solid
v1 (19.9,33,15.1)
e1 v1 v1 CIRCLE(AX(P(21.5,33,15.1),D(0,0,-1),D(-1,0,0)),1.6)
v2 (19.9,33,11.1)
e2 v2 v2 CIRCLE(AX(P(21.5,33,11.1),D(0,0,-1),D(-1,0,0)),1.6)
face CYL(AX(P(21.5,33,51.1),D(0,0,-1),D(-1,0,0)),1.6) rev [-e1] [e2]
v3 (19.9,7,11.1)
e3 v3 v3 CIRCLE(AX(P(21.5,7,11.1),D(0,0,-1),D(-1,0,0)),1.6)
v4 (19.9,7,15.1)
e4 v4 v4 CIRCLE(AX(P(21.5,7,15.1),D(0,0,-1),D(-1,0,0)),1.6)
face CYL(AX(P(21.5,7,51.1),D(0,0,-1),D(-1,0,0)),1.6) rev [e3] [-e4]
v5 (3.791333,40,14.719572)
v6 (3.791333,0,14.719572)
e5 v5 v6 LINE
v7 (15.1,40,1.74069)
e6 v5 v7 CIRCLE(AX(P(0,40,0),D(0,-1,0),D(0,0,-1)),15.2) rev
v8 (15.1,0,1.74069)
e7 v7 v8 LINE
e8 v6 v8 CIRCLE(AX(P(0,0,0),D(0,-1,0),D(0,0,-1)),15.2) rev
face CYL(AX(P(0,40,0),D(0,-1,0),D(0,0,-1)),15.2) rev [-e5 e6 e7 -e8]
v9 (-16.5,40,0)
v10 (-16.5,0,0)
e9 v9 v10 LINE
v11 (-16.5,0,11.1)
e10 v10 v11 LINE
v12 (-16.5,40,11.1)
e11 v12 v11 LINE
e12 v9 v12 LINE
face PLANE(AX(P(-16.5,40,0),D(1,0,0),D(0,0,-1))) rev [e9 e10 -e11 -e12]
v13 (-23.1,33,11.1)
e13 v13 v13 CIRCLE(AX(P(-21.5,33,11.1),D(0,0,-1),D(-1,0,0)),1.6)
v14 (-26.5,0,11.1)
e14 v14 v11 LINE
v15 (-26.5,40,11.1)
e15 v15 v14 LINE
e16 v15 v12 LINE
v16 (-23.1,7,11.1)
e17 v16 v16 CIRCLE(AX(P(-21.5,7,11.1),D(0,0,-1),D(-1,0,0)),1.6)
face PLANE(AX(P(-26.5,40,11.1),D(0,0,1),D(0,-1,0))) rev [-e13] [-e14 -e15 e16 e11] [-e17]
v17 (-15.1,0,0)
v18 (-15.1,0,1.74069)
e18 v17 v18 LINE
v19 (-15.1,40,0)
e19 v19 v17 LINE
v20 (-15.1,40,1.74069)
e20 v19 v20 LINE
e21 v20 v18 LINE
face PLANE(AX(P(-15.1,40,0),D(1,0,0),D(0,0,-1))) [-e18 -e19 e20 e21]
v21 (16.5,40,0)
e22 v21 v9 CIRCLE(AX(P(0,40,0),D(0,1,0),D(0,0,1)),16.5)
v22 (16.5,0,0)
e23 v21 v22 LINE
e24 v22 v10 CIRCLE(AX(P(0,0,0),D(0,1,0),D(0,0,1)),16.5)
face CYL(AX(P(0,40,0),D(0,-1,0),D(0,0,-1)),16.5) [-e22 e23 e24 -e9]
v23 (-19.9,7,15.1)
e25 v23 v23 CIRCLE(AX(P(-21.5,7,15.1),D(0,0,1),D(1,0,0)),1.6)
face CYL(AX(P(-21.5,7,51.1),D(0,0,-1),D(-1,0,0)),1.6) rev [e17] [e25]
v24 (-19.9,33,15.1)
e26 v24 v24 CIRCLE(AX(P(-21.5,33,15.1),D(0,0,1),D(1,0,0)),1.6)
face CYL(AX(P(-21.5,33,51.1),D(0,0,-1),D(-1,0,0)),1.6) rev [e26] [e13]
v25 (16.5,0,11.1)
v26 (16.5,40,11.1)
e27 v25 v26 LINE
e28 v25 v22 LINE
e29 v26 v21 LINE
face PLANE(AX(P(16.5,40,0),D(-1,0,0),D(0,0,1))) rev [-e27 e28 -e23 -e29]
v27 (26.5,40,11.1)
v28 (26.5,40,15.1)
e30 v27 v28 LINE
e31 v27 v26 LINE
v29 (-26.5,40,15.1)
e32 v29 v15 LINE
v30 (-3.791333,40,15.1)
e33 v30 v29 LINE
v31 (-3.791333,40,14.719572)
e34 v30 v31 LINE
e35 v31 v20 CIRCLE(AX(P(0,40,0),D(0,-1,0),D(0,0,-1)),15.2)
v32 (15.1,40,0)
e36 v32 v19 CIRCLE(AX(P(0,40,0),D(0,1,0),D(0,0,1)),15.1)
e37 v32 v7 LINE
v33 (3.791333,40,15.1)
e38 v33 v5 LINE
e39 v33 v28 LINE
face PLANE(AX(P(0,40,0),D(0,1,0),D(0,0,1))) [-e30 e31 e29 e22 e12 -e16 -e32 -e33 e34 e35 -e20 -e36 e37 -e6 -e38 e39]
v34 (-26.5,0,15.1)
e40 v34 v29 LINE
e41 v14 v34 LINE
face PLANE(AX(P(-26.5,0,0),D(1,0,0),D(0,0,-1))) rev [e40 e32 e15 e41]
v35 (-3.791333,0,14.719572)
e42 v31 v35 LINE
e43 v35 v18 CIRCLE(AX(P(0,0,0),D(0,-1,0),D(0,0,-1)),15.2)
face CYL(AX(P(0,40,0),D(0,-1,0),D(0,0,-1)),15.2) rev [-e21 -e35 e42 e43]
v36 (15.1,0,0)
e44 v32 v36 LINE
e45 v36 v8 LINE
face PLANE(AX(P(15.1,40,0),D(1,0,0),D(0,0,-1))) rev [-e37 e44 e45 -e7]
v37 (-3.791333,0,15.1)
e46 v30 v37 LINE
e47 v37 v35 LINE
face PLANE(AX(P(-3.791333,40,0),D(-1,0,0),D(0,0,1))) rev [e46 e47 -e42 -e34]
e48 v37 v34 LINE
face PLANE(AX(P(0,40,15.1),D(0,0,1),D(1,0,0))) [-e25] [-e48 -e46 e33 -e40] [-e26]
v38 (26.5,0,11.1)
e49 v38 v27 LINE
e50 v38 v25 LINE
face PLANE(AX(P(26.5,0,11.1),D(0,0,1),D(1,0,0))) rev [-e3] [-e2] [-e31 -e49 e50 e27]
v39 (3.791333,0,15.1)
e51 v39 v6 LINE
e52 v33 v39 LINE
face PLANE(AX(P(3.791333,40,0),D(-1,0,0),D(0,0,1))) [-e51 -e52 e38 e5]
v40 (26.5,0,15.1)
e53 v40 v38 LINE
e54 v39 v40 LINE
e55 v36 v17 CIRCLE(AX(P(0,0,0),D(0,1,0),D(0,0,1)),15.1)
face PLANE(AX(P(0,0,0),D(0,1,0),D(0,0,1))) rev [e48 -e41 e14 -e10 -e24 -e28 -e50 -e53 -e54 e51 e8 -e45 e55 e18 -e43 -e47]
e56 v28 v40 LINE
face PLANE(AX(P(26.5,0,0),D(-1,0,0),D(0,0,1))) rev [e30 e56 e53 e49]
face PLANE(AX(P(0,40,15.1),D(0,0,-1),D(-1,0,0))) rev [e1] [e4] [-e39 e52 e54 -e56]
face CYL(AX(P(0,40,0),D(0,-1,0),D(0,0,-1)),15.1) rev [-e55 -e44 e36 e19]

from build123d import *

# Parameters (mm, degrees)
BOSS_EXTRUDE3_DEPTH = 40
SKETCH8_W           = 4
SKETCH8_H           = 40
BOSS_EXTRUDE6_DEPTH = 10
SKETCH9_W           = 4
SKETCH9_H           = 40
BOSS_EXTRUDE7_DEPTH = 10
BOSS_EXTRUDE9_DEPTH = 40
CUT_EXTRUDE1_DEPTH  = 40


with BuildPart() as part:
    # Sketch3 → Boss-Extrude3 (new body)
    with BuildSketch(Plane(origin=(0, 0, 0), x_dir=(1, 0, 0), z_dir=(0, 1, 0))):
        with BuildLine():
            ThreePointArc((16.5, 0), (0, 16.5), (-16.5, 0))
            Line((-16.5, 0), (-16.5, -15.1))
            Line((-16.5, -15.1), (-15.1, -15.1))
            Line((-15.1, -15.1), (-15.1, 0))
            ThreePointArc((-15.1, 0), (0, 15.1), (15.1, 0))
            Line((15.1, 0), (15.1, -15.1))
            Line((15.1, -15.1), (16.5, -15.1))
            Line((16.5, -15.1), (16.5, 0))
        make_face()
    extrude(amount=BOSS_EXTRUDE3_DEPTH)

    # Sketch8 → Boss-Extrude6 (add)
    with BuildSketch(Plane(origin=(16.5, 0, 0), x_dir=(0, 0, -1), z_dir=(1, 0, 0))):
        with Locations((-13.1, 20)):
            Rectangle(SKETCH8_W, SKETCH8_H)
    extrude(amount=BOSS_EXTRUDE6_DEPTH)

    # Sketch9 → Boss-Extrude7 (add)
    with BuildSketch(Plane.ZY.offset(16.5)):
        with Locations((13.1, 20)):
            Rectangle(SKETCH9_W, SKETCH9_H)
    extrude(amount=BOSS_EXTRUDE7_DEPTH)

    # Sketch10 → Boss-Extrude9 (add)
    with BuildSketch(Plane(origin=(0, 0, 0), x_dir=(-1, 0, 0), z_dir=(0, -1, 0))):
        with BuildLine():
            Line((3.791332709, -15.1), (15.1, -15.1))
            Line((15.1, -15.1), (15.1, -1.740689519))
            ThreePointArc((15.1, -1.740689519), (11.460081139, -9.985316234), (3.791332709, -14.719571879))
            Line((3.791332709, -14.719571879), (3.791332709, -15.1))
        make_face()
        with BuildLine():
            Line((-15.1, -15.1), (-3.791332709, -15.1))
            Line((-3.791332709, -15.1), (-3.791332709, -14.719571879))
            ThreePointArc((-3.791332709, -14.719571879), (-11.460081139, -9.985316234), (-15.1, -1.740689519))
            Line((-15.1, -1.740689519), (-15.1, -15.1))
        make_face()
    extrude(amount=-BOSS_EXTRUDE9_DEPTH)

    # Sketch11 → Cut-Extrude1 (cut)
    with BuildSketch(Plane(origin=(0, 0, 11.1), x_dir=(-1, 0, 0), z_dir=(0, 0, -1))):
        with BuildLine():
            ThreePointArc((-19.9, 33), (-20.36862915, 34.13137085), (-21.5, 34.6))
            Line((-21.5, 34.6), (-21.5, 31.4))
            ThreePointArc((-21.5, 31.4), (-20.36862915, 31.86862915), (-19.9, 33))
        make_face()
        with BuildLine():
            Line((-21.5, 31.4), (-21.5, 34.6))
            ThreePointArc((-21.5, 34.6), (-23.1, 33), (-21.5, 31.4))
        make_face()
        with BuildLine():
            ThreePointArc((-19.9, 7), (-20.36862915, 8.13137085), (-21.5, 8.6))
            Line((-21.5, 8.6), (-21.5, 5.4))
            ThreePointArc((-21.5, 5.4), (-20.36862915, 5.86862915), (-19.9, 7))
        make_face()
        with BuildLine():
            Line((-21.5, 5.4), (-21.5, 8.6))
            ThreePointArc((-21.5, 8.6), (-23.1, 7), (-21.5, 5.4))
        make_face()
        with BuildLine():
            ThreePointArc((23.1, 7), (22.63137085, 8.13137085), (21.5, 8.6))
            Line((21.5, 8.6), (21.5, 5.4))
            ThreePointArc((21.5, 5.4), (22.63137085, 5.86862915), (23.1, 7))
        make_face()
        with BuildLine():
            Line((21.5, 5.4), (21.5, 8.6))
            ThreePointArc((21.5, 8.6), (19.9, 7), (21.5, 5.4))
        make_face()
        with BuildLine():
            ThreePointArc((23.1, 33), (22.63137085, 34.13137085), (21.5, 34.6))
            Line((21.5, 34.6), (21.5, 31.4))
            ThreePointArc((21.5, 31.4), (22.63137085, 31.86862915), (23.1, 33))
        make_face()
        with BuildLine():
            Line((21.5, 31.4), (21.5, 34.6))
            ThreePointArc((21.5, 34.6), (19.9, 33), (21.5, 31.4))
        make_face()
    extrude(amount=-CUT_EXTRUDE1_DEPTH, mode=Mode.SUBTRACT)


solid = part.part
